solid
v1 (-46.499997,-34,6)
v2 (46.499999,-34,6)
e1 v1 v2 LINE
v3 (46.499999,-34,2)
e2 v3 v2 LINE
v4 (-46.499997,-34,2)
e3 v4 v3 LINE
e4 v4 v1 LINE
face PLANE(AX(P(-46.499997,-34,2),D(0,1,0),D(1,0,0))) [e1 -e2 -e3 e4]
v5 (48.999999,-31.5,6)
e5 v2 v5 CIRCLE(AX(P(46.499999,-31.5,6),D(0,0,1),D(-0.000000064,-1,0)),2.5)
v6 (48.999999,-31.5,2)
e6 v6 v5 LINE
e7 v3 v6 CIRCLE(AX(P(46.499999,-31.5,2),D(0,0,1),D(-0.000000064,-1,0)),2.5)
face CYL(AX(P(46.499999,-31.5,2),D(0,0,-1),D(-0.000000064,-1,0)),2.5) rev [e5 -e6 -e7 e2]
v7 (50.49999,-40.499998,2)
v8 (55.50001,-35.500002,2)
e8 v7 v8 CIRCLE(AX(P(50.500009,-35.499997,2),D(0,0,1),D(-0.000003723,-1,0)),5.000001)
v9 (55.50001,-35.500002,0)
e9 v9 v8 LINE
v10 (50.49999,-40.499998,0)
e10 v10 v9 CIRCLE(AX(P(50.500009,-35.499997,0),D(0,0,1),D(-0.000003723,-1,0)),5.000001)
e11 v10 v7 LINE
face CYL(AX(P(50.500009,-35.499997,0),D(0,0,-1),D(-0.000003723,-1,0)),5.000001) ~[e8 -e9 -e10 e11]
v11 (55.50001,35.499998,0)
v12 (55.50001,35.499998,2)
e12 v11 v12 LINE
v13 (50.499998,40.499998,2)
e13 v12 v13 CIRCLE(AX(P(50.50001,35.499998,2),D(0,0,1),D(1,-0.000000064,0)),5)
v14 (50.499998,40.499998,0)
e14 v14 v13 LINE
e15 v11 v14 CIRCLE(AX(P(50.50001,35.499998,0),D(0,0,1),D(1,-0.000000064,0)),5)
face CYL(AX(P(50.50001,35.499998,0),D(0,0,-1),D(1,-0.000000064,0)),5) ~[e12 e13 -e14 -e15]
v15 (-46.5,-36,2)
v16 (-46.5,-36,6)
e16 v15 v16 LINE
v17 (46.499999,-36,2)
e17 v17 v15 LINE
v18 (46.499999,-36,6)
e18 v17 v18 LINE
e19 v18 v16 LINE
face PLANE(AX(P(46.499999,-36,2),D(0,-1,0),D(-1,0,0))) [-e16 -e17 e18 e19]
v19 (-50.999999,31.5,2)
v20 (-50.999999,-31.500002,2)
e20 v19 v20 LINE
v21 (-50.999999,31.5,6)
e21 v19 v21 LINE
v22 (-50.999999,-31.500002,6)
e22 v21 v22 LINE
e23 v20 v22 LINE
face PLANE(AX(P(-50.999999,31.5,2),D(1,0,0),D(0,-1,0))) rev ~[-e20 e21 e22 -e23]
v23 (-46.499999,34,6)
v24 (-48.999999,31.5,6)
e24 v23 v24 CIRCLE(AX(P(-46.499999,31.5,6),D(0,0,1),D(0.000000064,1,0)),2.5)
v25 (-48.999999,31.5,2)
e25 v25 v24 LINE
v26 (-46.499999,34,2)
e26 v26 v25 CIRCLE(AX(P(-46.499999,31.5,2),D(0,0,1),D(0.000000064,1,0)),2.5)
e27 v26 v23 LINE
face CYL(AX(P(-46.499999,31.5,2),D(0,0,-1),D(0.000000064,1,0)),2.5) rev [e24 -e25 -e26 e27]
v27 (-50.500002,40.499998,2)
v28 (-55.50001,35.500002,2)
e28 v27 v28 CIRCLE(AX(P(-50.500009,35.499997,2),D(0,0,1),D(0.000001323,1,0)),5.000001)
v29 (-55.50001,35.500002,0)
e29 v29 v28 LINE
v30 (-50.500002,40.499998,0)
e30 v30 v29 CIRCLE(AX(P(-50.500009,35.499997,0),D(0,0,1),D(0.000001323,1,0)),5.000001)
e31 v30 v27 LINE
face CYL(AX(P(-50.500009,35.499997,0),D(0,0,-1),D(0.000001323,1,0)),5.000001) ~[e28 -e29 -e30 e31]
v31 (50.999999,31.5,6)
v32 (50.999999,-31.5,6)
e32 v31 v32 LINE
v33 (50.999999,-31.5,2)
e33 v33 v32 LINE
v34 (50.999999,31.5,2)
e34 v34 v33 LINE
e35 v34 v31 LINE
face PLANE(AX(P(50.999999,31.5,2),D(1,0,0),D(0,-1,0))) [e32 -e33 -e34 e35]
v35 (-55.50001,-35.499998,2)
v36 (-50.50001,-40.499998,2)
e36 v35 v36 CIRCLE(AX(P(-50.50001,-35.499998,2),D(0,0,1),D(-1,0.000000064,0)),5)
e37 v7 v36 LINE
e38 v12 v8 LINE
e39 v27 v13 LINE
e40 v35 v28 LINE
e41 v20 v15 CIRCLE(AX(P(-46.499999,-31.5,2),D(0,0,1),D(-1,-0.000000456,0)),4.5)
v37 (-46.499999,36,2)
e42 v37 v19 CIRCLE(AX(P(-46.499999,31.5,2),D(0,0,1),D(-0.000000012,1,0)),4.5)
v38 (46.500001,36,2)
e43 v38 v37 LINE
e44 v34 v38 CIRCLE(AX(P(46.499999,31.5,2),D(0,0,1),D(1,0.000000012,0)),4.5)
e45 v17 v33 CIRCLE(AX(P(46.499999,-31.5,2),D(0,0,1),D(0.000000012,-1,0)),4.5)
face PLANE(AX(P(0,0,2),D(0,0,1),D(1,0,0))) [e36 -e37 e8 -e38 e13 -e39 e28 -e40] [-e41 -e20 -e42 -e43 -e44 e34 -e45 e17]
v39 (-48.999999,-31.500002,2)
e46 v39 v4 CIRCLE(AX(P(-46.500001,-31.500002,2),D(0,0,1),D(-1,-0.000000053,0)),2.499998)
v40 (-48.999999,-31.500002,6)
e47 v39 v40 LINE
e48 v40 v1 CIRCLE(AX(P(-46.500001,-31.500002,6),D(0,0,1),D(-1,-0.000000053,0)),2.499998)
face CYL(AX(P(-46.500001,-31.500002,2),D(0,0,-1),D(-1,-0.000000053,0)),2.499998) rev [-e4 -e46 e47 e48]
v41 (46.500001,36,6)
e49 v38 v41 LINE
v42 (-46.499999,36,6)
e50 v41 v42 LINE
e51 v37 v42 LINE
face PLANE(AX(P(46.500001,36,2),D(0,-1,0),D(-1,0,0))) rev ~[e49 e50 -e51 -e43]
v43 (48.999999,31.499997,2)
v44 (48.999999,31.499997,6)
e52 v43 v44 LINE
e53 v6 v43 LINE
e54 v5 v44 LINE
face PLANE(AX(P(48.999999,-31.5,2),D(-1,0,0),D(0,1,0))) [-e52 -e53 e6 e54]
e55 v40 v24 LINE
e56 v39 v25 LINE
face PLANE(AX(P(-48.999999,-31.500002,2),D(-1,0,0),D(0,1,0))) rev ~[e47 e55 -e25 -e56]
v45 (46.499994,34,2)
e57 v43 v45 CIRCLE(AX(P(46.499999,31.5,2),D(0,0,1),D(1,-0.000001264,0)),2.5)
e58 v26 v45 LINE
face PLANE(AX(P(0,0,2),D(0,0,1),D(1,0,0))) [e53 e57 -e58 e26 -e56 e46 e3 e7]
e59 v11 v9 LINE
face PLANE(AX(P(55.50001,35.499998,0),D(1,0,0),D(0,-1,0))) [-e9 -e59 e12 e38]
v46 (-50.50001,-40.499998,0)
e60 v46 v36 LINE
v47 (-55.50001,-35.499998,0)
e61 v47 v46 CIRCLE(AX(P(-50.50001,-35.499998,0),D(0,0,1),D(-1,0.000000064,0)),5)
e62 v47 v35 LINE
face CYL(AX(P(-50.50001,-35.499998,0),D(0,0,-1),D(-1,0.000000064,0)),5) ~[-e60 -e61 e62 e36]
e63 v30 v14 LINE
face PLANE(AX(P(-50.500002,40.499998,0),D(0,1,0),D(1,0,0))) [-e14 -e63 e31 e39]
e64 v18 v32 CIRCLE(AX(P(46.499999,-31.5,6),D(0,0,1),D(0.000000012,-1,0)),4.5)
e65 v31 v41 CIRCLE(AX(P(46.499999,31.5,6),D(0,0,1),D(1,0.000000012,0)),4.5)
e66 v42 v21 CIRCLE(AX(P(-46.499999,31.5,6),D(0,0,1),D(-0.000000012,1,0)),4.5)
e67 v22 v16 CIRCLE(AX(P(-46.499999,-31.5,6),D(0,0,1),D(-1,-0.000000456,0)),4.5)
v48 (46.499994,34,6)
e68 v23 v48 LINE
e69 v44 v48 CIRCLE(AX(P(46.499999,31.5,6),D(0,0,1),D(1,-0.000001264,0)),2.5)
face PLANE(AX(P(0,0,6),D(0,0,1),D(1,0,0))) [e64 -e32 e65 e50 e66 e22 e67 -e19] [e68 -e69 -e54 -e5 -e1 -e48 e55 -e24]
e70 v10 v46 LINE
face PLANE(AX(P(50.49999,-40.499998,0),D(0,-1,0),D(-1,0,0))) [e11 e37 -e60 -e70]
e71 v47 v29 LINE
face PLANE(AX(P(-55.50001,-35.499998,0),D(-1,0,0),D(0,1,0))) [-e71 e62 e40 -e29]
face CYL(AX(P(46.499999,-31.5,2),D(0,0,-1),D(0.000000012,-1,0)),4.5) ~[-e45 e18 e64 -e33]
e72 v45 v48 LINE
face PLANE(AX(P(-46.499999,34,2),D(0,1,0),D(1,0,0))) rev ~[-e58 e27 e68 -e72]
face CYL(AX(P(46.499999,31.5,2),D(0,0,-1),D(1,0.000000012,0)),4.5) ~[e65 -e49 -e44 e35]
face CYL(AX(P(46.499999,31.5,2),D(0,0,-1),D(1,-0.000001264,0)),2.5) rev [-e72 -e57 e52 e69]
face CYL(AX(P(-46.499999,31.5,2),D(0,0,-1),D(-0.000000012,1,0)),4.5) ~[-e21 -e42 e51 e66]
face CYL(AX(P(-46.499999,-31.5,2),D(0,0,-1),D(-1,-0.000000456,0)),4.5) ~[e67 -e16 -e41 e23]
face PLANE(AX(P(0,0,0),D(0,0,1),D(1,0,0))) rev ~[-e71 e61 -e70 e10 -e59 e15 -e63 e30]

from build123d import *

# Parameters (mm, degrees)
PAD_DEPTH    = 2
PAD001_DEPTH = 4


with BuildPart() as part:
    # Sketch → Pad (new body)
    with BuildSketch(Plane.XY):
        with BuildLine():
            ThreePointArc((-50.500002, 40.499998), (-54.035539, 39.035536), (-55.50001, 35.500002))
            Line((-55.50001, -35.499998), (-55.50001, 35.500002))
            ThreePointArc((-55.50001, -35.499998), (-54.035544, -39.035532), (-50.50001, -40.499998))
            Line((50.49999, -40.499998), (-50.50001, -40.499998))
            ThreePointArc((50.49999, -40.499998), (54.035535, -39.03554), (55.50001, -35.500002))
            Line((55.50001, 35.499998), (55.50001, -35.500002))
            ThreePointArc((55.50001, 35.499998), (54.03554, 39.035536), (50.499998, 40.499998))
            Line((-50.500002, 40.499998), (50.499998, 40.499998))
        make_face()
    extrude(amount=PAD_DEPTH)

    # Sketch001 (on Face10 of Pad) → Pad001 (join)
    with BuildSketch(Plane.XY.offset(2)):
        with BuildLine():
            ThreePointArc((50.999999, 31.5), (49.68198, 34.68198), (46.500001, 36))
            Line((46.500001, 36), (-46.499999, 36))
            ThreePointArc((-46.499999, 36), (-49.68198, 34.68198), (-50.999999, 31.5))
            Line((-50.999999, 31.5), (-50.999999, -31.500002))
            ThreePointArc((-50.999999, -31.500002), (-49.681979, -34.681981), (-46.5, -36))
            Line((46.499999, -36), (-46.5, -36))
            ThreePointArc((46.499999, -36), (49.68198, -34.68198), (50.999999, -31.5))
            Line((50.999999, 31.5), (50.999999, -31.5))
        make_face()
        with BuildLine():
            ThreePointArc((-46.499999, 34), (-48.267766, 33.267767), (-48.999999, 31.5))
            Line((-48.999999, -31.500002), (-48.999999, 31.5))
            ThreePointArc((-48.999999, -31.500002), (-48.267765, -33.267769), (-46.499997, -34))
            Line((-46.499997, -34), (46.499999, -34))
            ThreePointArc((46.499999, -34), (48.267766, -33.267767), (48.999999, -31.5))
            Line((48.999999, -31.5), (48.999999, 31.499997))
            ThreePointArc((48.999999, 31.499997), (48.267765, 33.267768), (46.499994, 34))
            Line((-46.499999, 34), (46.499994, 34))
        make_face(mode=Mode.SUBTRACT)
    extrude(amount=PAD001_DEPTH)


solid = part.part
